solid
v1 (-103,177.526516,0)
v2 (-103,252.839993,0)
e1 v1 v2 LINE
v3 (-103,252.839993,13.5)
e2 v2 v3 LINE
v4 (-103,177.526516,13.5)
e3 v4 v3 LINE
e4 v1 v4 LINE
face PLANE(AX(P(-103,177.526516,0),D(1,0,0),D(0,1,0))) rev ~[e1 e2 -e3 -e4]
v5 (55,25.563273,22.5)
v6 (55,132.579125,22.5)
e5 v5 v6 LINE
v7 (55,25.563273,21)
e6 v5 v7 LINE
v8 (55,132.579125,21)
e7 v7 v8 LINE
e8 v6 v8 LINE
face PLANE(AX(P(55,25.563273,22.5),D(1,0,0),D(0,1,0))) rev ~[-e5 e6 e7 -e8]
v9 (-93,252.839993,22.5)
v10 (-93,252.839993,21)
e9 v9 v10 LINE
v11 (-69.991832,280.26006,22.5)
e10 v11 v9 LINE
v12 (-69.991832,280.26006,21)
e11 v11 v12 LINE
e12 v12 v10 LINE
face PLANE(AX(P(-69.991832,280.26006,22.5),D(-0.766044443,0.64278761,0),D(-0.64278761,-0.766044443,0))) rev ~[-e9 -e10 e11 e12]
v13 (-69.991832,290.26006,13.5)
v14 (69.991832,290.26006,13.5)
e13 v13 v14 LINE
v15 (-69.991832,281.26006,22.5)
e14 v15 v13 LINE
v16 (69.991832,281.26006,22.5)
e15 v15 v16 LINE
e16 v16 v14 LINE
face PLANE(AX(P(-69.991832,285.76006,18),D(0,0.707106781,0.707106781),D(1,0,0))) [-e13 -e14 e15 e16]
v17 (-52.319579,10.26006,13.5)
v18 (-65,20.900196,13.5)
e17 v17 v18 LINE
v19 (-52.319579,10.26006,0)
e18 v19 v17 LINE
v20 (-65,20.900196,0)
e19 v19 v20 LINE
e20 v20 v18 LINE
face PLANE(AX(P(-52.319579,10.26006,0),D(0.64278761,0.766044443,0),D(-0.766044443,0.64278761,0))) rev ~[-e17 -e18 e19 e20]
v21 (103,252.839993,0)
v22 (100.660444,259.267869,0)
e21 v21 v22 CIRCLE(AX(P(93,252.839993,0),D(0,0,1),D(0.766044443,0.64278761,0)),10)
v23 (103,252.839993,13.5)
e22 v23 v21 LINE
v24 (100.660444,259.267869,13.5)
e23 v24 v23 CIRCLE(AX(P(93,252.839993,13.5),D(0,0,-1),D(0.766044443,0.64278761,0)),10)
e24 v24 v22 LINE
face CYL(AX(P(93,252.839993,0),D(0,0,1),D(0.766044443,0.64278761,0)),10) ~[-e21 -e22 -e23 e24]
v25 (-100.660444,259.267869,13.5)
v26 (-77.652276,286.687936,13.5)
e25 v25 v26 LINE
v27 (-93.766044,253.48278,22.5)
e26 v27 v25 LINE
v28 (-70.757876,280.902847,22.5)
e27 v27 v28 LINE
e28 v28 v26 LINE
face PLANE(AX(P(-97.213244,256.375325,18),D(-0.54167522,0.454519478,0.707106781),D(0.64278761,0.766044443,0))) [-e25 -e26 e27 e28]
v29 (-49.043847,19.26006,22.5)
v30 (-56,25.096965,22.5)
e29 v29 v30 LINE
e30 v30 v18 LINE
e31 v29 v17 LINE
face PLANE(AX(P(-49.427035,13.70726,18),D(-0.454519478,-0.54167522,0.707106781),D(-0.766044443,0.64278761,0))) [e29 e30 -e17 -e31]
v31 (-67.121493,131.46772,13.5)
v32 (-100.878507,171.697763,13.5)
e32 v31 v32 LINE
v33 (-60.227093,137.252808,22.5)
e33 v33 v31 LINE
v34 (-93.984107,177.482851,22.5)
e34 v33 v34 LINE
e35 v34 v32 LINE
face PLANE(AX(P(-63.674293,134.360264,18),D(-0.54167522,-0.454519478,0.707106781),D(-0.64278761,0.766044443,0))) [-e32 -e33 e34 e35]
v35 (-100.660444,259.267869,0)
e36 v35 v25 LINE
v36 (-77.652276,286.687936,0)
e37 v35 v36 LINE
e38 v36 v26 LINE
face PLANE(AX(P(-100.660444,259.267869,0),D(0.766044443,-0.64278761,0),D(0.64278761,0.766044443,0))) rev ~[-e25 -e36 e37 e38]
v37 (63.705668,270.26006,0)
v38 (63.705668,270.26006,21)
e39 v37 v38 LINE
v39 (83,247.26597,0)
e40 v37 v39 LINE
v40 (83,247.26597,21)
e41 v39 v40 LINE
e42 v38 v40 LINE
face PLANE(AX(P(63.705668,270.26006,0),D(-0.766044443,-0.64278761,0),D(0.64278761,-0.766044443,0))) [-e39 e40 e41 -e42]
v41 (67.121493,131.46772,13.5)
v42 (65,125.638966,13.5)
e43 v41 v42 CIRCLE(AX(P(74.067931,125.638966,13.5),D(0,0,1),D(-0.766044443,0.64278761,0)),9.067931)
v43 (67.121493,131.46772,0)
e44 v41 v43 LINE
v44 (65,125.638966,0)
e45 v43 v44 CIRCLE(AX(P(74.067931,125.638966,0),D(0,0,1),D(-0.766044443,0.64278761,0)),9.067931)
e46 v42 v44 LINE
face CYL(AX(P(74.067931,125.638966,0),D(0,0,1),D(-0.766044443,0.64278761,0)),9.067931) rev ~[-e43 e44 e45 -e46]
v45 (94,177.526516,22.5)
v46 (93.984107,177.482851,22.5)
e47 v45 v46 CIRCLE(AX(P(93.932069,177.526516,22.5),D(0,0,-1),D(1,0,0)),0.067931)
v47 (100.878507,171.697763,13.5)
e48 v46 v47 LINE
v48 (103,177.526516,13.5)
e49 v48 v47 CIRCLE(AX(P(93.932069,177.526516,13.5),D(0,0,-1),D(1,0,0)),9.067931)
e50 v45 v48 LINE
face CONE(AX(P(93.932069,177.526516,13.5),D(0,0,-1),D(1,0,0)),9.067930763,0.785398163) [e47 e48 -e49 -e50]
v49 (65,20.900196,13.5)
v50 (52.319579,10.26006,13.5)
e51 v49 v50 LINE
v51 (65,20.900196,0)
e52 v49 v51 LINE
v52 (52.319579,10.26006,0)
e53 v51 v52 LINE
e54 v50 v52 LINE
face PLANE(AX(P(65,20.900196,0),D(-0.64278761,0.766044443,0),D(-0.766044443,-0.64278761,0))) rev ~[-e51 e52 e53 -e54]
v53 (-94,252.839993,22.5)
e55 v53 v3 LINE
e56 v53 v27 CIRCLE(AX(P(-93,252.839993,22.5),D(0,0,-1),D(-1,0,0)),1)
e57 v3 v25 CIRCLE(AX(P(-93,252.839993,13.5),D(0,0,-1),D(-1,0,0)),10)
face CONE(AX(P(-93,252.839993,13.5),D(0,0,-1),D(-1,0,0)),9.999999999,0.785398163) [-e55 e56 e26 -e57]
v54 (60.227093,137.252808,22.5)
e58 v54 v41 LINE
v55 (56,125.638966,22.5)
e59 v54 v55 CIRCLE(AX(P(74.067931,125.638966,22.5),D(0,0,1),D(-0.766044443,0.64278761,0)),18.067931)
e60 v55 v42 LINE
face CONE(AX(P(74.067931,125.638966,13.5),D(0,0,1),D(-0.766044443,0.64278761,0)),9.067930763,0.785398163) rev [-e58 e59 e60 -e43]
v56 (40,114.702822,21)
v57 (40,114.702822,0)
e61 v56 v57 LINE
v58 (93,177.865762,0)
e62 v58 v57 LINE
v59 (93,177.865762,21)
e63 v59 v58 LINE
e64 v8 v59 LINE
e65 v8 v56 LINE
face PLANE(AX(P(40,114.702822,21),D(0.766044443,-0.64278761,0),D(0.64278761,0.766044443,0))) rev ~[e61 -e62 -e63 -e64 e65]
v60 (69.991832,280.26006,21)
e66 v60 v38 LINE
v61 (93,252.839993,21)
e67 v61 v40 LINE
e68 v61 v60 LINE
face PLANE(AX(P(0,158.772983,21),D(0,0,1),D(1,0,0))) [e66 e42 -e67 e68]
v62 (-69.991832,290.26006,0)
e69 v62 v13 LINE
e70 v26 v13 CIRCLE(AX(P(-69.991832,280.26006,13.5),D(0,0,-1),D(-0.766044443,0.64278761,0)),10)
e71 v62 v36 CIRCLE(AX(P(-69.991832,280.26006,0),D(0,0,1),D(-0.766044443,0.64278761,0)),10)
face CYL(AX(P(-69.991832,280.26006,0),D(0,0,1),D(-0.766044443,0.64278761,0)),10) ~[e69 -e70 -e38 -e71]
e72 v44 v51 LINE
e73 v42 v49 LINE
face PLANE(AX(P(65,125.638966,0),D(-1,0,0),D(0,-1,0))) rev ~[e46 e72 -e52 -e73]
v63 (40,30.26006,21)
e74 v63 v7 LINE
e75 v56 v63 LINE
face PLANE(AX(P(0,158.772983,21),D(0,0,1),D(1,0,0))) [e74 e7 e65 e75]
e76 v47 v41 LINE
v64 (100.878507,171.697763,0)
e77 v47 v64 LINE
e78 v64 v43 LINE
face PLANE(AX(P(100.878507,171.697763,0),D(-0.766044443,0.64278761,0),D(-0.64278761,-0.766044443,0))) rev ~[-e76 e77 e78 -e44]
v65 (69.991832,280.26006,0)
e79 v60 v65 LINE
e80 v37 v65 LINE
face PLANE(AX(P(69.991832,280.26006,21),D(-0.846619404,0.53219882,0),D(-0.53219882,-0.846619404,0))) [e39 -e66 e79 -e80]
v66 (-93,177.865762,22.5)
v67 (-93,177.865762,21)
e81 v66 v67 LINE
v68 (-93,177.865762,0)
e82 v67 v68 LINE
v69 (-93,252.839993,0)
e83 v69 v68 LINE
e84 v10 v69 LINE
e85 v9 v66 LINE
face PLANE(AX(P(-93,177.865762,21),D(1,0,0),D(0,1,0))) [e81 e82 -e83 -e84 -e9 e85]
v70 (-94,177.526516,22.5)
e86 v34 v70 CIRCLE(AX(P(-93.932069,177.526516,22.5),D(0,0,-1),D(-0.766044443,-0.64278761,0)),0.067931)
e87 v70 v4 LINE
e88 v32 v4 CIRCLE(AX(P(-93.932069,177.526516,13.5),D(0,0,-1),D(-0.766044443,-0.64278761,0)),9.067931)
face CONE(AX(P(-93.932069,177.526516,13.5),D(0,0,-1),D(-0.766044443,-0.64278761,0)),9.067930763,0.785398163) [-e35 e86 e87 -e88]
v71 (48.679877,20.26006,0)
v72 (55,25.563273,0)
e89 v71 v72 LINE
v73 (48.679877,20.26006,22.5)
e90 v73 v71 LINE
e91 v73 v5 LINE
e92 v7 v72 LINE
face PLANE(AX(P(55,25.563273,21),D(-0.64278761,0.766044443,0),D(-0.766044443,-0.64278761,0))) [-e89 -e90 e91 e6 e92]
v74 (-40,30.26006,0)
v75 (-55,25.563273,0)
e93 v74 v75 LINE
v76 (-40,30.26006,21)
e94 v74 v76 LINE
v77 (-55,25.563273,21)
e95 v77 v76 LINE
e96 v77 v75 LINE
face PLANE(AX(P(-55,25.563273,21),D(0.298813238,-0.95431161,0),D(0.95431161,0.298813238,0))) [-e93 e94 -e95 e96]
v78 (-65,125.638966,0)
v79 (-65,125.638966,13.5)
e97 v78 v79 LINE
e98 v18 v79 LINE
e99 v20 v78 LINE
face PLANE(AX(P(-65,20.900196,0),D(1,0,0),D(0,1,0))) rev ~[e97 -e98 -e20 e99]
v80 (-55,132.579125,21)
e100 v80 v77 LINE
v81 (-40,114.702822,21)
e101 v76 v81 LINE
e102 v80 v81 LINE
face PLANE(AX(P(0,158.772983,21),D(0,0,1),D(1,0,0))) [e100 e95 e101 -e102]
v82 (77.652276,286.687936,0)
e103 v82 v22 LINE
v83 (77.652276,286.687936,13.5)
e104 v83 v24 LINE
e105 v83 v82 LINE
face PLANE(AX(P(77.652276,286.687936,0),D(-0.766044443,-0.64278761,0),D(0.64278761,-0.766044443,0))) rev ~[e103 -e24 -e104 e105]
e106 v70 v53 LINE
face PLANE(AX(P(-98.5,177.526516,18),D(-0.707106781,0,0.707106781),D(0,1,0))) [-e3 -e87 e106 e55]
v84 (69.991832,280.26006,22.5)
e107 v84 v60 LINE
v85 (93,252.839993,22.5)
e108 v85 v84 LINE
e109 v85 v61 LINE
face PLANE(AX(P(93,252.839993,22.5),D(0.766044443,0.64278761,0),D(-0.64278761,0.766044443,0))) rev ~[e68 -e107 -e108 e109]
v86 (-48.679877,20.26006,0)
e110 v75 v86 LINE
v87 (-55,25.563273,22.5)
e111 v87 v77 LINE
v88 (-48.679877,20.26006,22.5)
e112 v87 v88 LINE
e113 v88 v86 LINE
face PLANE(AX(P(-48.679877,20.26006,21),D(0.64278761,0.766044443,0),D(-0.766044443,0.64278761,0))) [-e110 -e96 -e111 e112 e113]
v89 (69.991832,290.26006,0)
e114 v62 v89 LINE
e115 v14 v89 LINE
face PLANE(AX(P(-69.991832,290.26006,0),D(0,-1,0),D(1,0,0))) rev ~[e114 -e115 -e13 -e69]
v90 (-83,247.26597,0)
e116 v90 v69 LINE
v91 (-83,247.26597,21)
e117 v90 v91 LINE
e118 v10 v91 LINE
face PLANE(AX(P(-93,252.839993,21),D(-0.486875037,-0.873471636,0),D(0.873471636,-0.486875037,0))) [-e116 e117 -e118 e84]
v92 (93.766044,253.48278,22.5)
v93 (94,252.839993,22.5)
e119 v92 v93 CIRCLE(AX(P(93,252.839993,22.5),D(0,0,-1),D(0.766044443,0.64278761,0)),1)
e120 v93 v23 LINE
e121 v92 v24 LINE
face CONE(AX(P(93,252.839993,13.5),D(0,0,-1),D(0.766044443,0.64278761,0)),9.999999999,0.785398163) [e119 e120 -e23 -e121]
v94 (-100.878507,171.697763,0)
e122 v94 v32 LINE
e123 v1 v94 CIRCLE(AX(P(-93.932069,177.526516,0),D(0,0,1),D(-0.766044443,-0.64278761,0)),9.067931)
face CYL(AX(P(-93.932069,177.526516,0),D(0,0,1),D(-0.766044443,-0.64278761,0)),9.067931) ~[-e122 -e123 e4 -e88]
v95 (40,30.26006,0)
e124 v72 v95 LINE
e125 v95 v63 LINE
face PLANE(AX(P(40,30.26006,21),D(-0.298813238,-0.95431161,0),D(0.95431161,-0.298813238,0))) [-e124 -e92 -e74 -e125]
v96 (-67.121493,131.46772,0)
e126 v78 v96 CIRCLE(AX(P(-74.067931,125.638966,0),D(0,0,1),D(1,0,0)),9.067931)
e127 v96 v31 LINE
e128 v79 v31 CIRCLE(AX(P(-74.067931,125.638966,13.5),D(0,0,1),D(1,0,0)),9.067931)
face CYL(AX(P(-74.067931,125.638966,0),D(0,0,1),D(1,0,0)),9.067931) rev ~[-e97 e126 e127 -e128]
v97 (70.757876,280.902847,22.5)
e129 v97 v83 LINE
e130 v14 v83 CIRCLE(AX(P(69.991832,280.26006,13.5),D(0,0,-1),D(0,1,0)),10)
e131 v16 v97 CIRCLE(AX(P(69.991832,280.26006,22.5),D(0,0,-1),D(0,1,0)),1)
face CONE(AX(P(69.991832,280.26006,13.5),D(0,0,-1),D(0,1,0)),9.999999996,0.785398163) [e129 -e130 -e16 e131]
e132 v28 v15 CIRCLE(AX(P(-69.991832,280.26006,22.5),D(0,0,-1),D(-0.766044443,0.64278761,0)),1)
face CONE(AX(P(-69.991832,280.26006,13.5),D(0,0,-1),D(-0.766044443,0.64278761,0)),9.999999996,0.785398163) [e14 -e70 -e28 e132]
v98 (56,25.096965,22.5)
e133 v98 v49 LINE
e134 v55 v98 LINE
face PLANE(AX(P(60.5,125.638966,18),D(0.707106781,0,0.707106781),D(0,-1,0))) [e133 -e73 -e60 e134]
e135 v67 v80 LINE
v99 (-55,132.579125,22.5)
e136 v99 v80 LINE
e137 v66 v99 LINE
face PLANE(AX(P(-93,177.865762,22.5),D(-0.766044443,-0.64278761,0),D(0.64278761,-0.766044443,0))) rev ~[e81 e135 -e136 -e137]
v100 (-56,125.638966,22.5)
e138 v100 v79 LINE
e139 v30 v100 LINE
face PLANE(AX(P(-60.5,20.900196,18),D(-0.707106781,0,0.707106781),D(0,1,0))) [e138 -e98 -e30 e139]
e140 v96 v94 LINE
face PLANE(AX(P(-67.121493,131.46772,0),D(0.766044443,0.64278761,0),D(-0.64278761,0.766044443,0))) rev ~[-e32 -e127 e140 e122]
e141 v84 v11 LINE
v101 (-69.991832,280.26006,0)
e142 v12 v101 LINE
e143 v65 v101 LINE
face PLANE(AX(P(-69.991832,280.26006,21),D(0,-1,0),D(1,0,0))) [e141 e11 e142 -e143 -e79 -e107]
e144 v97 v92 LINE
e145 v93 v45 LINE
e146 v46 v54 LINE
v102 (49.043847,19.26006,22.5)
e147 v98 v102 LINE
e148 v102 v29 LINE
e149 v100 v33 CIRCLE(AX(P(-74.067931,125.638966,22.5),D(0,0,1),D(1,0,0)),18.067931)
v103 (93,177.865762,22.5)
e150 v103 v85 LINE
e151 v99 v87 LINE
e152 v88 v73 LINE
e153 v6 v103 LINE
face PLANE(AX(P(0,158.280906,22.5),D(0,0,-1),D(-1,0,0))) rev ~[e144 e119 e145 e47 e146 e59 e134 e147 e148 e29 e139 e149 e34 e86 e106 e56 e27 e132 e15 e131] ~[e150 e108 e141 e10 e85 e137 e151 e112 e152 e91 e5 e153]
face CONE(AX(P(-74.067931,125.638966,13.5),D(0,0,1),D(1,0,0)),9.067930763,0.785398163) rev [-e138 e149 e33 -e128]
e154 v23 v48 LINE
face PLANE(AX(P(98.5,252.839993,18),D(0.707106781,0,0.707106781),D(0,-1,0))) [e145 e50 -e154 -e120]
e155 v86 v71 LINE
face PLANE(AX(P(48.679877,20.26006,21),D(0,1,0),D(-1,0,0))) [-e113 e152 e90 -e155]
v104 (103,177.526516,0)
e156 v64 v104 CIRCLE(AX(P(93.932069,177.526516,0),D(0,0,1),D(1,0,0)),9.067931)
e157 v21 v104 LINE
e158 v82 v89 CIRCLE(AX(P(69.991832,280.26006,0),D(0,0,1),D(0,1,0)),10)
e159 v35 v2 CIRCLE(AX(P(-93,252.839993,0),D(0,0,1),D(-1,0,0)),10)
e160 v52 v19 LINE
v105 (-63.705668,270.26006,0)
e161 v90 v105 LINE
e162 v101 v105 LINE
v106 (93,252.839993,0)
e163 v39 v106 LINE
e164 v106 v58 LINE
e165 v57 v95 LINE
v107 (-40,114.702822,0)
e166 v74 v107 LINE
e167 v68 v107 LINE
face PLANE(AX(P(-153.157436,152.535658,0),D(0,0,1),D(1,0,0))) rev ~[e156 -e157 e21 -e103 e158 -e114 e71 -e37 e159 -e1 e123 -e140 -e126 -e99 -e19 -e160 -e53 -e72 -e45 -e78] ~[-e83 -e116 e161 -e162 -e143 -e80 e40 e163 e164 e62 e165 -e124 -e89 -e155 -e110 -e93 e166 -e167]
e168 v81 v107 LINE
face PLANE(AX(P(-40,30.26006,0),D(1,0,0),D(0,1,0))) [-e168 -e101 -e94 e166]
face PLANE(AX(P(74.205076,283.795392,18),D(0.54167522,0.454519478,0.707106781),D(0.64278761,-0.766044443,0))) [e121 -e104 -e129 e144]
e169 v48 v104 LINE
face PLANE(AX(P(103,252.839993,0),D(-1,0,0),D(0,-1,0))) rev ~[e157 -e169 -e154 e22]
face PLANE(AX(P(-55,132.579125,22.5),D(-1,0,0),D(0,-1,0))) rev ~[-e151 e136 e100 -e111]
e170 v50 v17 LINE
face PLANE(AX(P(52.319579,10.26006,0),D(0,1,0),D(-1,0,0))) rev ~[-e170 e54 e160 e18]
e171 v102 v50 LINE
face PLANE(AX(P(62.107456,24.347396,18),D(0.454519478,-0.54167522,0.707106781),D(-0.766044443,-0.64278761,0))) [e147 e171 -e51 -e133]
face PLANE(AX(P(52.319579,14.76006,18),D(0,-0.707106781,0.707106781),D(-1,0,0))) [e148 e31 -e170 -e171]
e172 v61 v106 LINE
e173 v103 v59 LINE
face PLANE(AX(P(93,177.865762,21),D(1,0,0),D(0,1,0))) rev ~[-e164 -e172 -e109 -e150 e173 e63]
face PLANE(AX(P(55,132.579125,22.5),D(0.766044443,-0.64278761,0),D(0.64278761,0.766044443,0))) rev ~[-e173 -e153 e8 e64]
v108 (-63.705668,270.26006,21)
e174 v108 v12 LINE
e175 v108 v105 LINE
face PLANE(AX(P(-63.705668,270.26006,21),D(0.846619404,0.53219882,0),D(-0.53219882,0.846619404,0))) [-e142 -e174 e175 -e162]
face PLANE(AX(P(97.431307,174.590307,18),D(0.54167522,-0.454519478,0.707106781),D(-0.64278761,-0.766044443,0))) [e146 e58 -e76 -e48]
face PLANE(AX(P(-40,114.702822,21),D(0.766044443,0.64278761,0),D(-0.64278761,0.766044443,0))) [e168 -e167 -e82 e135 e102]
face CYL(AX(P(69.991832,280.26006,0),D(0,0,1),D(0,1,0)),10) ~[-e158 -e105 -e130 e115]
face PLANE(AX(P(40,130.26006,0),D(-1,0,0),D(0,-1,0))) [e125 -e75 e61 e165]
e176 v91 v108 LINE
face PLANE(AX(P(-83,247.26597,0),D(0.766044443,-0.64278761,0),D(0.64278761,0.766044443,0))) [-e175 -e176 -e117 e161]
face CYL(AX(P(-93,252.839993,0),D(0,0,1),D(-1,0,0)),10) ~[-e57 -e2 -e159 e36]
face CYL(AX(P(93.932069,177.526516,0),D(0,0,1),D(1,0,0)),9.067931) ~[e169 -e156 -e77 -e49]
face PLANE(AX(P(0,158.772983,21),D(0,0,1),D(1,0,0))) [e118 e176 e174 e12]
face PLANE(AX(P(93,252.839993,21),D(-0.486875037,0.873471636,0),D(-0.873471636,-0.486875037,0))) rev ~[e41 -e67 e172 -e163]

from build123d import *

# Parameters (mm, degrees)
RESSALTO_EXTRUS_O1_DEPTH = 22.5
CHANFRO1_SIZE            = 9
CORTE_EXTRUS_O1_REACH    = 24.5
ESBO_O3_W                = 1139.230904301
ESBO_O3_H                = 709.798033895
CORTE_EXTRUS_O5_DEPTH    = 1.5
CORTE_EXTRUS_O6_REACH    = 23


with BuildPart() as part:
    # Esboço1 → Ressalto-extrusão1 (new body, symmetric)
    with BuildSketch(Plane.XY):
        with BuildLine():
            Line((-69.991831819, 290.260059805), (69.991831819, 290.260059805))
            ThreePointArc((69.991831819, 290.260059805), (74.218014437, 289.323137676), (77.652276251, 286.687935902))
            Line((77.652276251, 286.687935902), (100.660444431, 259.267868814))
            ThreePointArc((100.660444431, 259.267868814), (102.396926208, 256.26019415), (103, 252.839992717))
            Line((103, 252.839992717), (103, 177.526516487))
            ThreePointArc((103, 177.526516487), (102.453136861, 174.425101506), (100.878507208, 171.697762944))
            Line((100.878507208, 171.697762944), (67.121492792, 131.46771974))
            ThreePointArc((67.121492792, 131.46771974), (65.546863139, 128.740381178), (65, 125.638966197))
            Line((65, 125.638966197), (65, 20.90019601))
            Line((65, 20.90019601), (52.319579452, 10.260059805))
            Line((52.319579452, 10.260059805), (-52.319579452, 10.260059805))
            Line((-52.319579452, 10.260059805), (-65, 20.90019601))
            Line((-65, 20.90019601), (-65, 125.638966197))
            ThreePointArc((-65, 125.638966197), (-65.546863139, 128.740381178), (-67.121492792, 131.46771974))
            Line((-67.121492792, 131.46771974), (-100.878507208, 171.697762944))
            ThreePointArc((-100.878507208, 171.697762944), (-102.453136861, 174.425101506), (-103, 177.526516487))
            Line((-103, 177.526516487), (-103, 252.839992717))
            ThreePointArc((-103, 252.839992717), (-102.396926208, 256.26019415), (-100.660444431, 259.267868814))
            Line((-100.660444431, 259.267868814), (-77.652276251, 286.687935902))
            ThreePointArc((-77.652276251, 286.687935902), (-74.218014437, 289.323137676), (-69.991831819, 290.260059805))
        make_face()
        Polygon((-63.705668081, 270.260059805), (63.705668081, 270.260059805), (83, 247.265970424), (83, 181.505464287), (40, 130.260059805), (40, 30.260059805), (-40, 30.260059805), (-40, 130.260059805), (-83, 181.505464287), (-83, 247.265970424), align=None, mode=Mode.SUBTRACT)
    extrude(amount=RESSALTO_EXTRUS_O1_DEPTH, both=True)

    # Chanfro1
    chanfro1_edges = [part.edges().sort_by_distance(p)[0] for p in [
        (65, 73.269581104, 22.5),
        (65.546863139, 128.740381178, 22.5),
        (84, 151.582741342, 22.5),
        (102.453136861, 174.425101506, 22.5),
        (103, 215.183254602, 22.5),
        (102.396926208, 256.26019415, 22.5),
        (89.156360341, 272.977902358, 22.5),
        (74.218014437, 289.323137676, 22.5),
        (0, 290.260059805, 22.5),
        (-74.218014437, 289.323137676, 22.5),
        (-89.156360341, 272.977902358, 22.5),
        (-102.396926208, 256.26019415, 22.5),
        (-103, 215.183254602, 22.5),
        (-102.453136861, 174.425101506, 22.5),
        (-84, 151.582741342, 22.5),
        (-65.546863139, 128.740381178, 22.5),
        (-65, 73.269581104, 22.5),
        (-58.659789726, 15.580127908, 22.5),
        (0, 10.260059805, 22.5),
        (58.659789726, 15.580127908, 22.5),
    ]]
    chamfer(chanfro1_edges, length=CHANFRO1_SIZE)

    # Esboço3 → Corte-extrusão1 (cut, up to next)
    with BuildSketch(Plane.XY, mode=Mode.PRIVATE) as corte_extrus_o1_sk1:
        with Locations((-153.157436203, 152.53565808)):
            Rectangle(ESBO_O3_W, ESBO_O3_H)
    corte_extrus_o1_tool1 = extrude(corte_extrus_o1_sk1.sketch, amount=-CORTE_EXTRUS_O1_REACH, mode=Mode.PRIVATE) & part.part
    add(corte_extrus_o1_tool1.solids().sort_by_distance((-153.157436, 152.535658, 0))[0], mode=Mode.SUBTRACT)

    # Esboço4 → Corte-extrusão5 (cut)
    with BuildSketch(Plane.XY.offset(22.5)):
        Polygon((69.991831819, 280.260059805), (-69.991831819, 280.260059805), (-93, 252.839992717), (-93, 177.865761944), (-55, 132.579125426), (-55, 25.563272592), (-48.679877109, 20.260059805), (48.679877109, 20.260059805), (55, 25.563272592), (55, 132.579125426), (93, 177.865761944), (93, 252.839992717), align=None)
        Polygon((40, 30.260059805), (-40, 30.260059805), (-40, 130.260059805), (-83, 181.505464287), (-83, 247.265970424), (-63.705668081, 270.260059805), (63.705668081, 270.260059805), (83, 247.265970424), (83, 181.505464287), (40, 130.260059805), align=None, mode=Mode.SUBTRACT)
    extrude(amount=-CORTE_EXTRUS_O5_DEPTH, mode=Mode.SUBTRACT)

    # Esboço5 → Corte-extrusão6 (cut, up to next)
    with BuildSketch(Plane.XY.offset(21), mode=Mode.PRIVATE) as corte_extrus_o6_sk1:
        Polygon((-93, 252.839992717), (-83, 247.265970424), (-83, 181.505464287), (-40, 130.260059805), (-40, 114.702821537), (-93, 177.865761944), align=None)
    corte_extrus_o6_tool1 = extrude(corte_extrus_o6_sk1.sketch, amount=-CORTE_EXTRUS_O6_REACH, mode=Mode.PRIVATE) & part.part
    add(corte_extrus_o6_tool1.solids().sort_by_distance((-88.720359, 248.760631, 21))[0], mode=Mode.SUBTRACT)
    # Esboço5 → Corte-extrusão6 (cut, up to next)
    with BuildSketch(Plane.XY.offset(21), mode=Mode.PRIVATE) as corte_extrus_o6_sk2:
        Polygon((-63.705668081, 270.260059805), (-69.991831819, 280.260059805), (69.991831819, 280.260059805), (63.705668081, 270.260059805), align=None)
    corte_extrus_o6_tool2 = extrude(corte_extrus_o6_sk2.sketch, amount=-CORTE_EXTRUS_O6_REACH, mode=Mode.PRIVATE) & part.part
    add(corte_extrus_o6_tool2.solids().sort_by_distance((0, 275.338423, 21))[0], mode=Mode.SUBTRACT)
    # Esboço5 → Corte-extrusão6 (cut, up to next)
    with BuildSketch(Plane.XY.offset(21), mode=Mode.PRIVATE) as corte_extrus_o6_sk3:
        Polygon((-55, 25.563272592), (-40, 30.260059805), (40, 30.260059805), (55, 25.563272592), (48.679877109, 20.260059805), (-48.679877109, 20.260059805), align=None)
    corte_extrus_o6_tool3 = extrude(corte_extrus_o6_sk3.sketch, amount=-CORTE_EXTRUS_O6_REACH, mode=Mode.PRIVATE) & part.part
    add(corte_extrus_o6_tool3.solids().sort_by_distance((0, 25.125903, 21))[0], mode=Mode.SUBTRACT)
    # Esboço5 → Corte-extrusão6 (cut, up to next)
    with BuildSketch(Plane.XY.offset(21), mode=Mode.PRIVATE) as corte_extrus_o6_sk4:
        Polygon((40, 114.702821537), (93, 177.865761944), (93, 252.839992717), (83, 247.265970424), (83, 181.505464287), (40, 130.260059805), align=None)
    corte_extrus_o6_tool4 = extrude(corte_extrus_o6_sk4.sketch, amount=-CORTE_EXTRUS_O6_REACH, mode=Mode.PRIVATE) & part.part
    add(corte_extrus_o6_tool4.solids().sort_by_distance((65.366594, 147.235332, 21))[0], mode=Mode.SUBTRACT)


solid = part.part
